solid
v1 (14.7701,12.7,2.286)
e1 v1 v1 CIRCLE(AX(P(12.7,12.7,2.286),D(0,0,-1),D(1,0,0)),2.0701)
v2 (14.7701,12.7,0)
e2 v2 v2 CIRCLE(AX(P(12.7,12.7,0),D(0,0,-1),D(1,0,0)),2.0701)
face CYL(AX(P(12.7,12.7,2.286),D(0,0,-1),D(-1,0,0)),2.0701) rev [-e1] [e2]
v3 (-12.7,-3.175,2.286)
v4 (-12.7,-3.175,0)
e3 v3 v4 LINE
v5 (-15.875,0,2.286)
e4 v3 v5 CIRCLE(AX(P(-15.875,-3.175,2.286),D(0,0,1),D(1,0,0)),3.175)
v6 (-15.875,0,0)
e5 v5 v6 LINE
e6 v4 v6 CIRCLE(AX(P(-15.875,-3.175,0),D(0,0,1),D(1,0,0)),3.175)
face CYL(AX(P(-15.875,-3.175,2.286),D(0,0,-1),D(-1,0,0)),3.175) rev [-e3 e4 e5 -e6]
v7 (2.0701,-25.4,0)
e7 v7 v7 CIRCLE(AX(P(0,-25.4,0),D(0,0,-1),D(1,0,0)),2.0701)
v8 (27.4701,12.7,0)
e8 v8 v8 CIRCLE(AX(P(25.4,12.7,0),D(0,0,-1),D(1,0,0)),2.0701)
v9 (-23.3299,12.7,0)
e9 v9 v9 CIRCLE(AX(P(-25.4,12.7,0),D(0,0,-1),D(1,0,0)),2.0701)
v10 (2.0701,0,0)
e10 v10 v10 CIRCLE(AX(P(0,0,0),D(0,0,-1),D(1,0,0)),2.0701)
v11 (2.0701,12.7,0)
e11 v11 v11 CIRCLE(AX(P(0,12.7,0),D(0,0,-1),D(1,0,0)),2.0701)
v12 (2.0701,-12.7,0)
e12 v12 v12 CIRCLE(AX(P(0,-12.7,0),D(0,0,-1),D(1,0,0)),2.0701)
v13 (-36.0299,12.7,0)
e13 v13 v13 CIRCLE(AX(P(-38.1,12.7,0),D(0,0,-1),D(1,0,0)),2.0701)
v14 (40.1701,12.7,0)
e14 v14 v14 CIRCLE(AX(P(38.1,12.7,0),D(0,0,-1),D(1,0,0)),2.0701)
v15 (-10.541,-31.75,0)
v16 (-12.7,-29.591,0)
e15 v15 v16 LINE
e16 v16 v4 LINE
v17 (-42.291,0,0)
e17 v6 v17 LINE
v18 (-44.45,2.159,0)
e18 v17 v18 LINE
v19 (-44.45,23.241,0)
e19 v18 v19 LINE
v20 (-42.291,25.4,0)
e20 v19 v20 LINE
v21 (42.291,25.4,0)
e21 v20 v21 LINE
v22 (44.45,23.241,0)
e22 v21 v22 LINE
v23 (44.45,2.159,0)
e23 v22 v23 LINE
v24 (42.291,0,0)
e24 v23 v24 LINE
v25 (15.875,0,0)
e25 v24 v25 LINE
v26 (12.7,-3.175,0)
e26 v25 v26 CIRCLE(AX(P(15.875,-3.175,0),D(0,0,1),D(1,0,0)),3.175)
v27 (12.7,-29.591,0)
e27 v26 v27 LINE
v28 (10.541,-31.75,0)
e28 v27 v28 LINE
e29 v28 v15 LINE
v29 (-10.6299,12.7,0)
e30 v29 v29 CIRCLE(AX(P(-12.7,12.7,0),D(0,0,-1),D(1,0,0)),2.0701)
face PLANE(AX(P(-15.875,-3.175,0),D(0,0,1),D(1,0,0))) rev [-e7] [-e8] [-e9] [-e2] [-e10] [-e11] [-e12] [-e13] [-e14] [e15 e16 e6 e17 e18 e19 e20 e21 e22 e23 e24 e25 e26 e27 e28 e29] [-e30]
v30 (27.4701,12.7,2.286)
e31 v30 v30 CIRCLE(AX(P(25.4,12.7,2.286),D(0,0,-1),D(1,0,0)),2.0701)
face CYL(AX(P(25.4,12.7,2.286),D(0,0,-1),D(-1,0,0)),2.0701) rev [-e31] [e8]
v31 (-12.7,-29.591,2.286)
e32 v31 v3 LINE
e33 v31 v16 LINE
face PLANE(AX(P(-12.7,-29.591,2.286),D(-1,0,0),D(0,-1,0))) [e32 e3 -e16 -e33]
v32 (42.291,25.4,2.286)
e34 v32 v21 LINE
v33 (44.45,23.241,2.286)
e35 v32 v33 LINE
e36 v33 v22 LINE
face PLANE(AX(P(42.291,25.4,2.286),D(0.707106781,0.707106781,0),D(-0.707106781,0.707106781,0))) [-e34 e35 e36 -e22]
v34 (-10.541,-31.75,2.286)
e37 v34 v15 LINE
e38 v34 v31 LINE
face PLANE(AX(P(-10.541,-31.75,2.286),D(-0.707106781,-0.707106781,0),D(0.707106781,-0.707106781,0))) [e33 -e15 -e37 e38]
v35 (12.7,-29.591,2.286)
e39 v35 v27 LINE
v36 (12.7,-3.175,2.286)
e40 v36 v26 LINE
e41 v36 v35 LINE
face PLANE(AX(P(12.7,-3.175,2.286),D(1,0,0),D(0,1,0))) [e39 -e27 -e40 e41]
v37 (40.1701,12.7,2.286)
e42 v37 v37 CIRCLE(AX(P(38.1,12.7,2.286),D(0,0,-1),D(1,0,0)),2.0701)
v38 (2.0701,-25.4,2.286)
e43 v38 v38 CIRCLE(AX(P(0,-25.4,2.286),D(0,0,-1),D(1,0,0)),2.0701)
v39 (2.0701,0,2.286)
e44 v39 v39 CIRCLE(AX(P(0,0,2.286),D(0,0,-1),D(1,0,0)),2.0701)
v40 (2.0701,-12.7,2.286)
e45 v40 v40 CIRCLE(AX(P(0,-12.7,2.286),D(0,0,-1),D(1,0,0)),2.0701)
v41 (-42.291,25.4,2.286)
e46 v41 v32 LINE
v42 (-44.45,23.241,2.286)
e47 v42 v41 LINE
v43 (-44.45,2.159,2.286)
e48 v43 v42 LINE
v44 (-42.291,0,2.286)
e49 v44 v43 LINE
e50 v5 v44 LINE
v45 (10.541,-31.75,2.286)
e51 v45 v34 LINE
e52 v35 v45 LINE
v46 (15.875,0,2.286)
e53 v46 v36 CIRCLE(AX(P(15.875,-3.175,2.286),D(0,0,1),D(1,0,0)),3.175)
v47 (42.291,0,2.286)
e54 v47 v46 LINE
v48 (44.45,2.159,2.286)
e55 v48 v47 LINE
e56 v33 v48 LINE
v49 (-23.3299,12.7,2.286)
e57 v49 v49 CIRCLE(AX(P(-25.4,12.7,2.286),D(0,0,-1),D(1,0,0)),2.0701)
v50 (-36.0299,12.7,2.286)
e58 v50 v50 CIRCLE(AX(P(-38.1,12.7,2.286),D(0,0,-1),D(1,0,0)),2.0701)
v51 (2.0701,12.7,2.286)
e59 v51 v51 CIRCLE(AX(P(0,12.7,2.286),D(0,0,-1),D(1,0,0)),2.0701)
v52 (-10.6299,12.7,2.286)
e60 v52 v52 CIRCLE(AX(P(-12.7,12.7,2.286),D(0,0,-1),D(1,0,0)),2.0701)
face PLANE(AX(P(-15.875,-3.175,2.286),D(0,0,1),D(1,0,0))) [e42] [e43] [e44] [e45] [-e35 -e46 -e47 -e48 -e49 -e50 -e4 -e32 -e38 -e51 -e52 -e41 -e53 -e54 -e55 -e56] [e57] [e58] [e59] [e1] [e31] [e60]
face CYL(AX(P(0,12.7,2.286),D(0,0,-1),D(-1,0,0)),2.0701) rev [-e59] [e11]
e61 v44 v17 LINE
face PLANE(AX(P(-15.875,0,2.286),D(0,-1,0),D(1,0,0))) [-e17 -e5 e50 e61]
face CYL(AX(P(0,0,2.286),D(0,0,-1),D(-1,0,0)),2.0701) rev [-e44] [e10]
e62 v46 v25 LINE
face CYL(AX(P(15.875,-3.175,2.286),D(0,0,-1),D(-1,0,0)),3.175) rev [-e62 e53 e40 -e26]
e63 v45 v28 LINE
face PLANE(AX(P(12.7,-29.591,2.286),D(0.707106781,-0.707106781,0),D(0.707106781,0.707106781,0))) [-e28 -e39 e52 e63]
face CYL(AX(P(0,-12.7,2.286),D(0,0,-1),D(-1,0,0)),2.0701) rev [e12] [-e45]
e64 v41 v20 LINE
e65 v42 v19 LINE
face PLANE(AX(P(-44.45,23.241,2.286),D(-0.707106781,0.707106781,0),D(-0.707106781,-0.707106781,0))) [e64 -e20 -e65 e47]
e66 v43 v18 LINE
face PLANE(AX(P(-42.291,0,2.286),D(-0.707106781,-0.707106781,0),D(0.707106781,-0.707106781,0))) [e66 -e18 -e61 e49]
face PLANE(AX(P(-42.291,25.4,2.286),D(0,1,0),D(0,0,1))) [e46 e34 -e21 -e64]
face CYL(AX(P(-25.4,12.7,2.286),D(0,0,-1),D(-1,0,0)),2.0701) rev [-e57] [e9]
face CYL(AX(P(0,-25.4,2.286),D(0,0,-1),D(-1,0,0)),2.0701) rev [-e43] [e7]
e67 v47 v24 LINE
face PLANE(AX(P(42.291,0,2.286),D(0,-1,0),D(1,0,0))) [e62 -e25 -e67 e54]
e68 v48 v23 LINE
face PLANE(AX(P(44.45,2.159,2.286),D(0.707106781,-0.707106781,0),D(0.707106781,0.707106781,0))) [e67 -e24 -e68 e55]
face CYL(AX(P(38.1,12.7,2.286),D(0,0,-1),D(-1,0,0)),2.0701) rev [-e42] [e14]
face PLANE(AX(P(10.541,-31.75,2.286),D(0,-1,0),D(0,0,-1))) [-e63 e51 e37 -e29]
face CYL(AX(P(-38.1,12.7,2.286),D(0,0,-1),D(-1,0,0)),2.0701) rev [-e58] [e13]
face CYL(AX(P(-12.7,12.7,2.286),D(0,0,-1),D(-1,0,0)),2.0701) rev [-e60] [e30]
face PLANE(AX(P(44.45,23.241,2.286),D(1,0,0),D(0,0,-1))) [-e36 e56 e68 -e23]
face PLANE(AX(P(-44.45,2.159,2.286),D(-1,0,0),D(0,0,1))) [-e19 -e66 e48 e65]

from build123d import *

# Parameters (mm, degrees)
SKETCH1_R           = 2.0701
BOSS_EXTRUDE1_DEPTH = 2.286


with BuildPart() as part:
    # Sketch1 → Boss-Extrude1 (new body)
    with BuildSketch(Plane(origin=(0, 0, 0), x_dir=(-1, 0, 0), z_dir=(0, 0, -1))):
        with BuildLine():
            Line((-12.7, -29.591), (-10.541, -31.75))
            Line((-10.541, -31.75), (10.541, -31.75))
            Line((10.541, -31.75), (12.7, -29.591))
            Line((12.7, -29.591), (12.7, -3.175))
            ThreePointArc((12.7, -3.175), (13.62993597, -0.92993597), (15.875, 0))
            Line((15.875, 0), (42.291, 0))
            Line((42.291, 0), (44.45, 2.159))
            Line((44.45, 2.159), (44.45, 23.241))
            Line((44.45, 23.241), (42.291, 25.4))
            Line((42.291, 25.4), (-42.291, 25.4))
            Line((-42.291, 25.4), (-44.45, 23.241))
            Line((-44.45, 23.241), (-44.45, 2.159))
            Line((-44.45, 2.159), (-42.291, 0))
            Line((-42.291, 0), (-15.875, 0))
            ThreePointArc((-15.875, 0), (-13.62993597, -0.92993597), (-12.7, -3.175))
            Line((-12.7, -3.175), (-12.7, -29.591))
        make_face()
        with Locations((0, -12.7)):
            Circle(SKETCH1_R, mode=Mode.SUBTRACT)
        with Locations((-38.1, 12.7)):
            Circle(SKETCH1_R, mode=Mode.SUBTRACT)
        with Locations((-12.7, 12.7)):
            Circle(SKETCH1_R, mode=Mode.SUBTRACT)
        with Locations((12.7, 12.7)):
            Circle(SKETCH1_R, mode=Mode.SUBTRACT)
        with Locations((25.4, 12.7)):
            Circle(SKETCH1_R, mode=Mode.SUBTRACT)
        with Locations((38.1, 12.7)):
            Circle(SKETCH1_R, mode=Mode.SUBTRACT)
        with Locations((0, -25.4)):
            Circle(SKETCH1_R, mode=Mode.SUBTRACT)
        with Locations((0, 12.7)):
            Circle(SKETCH1_R, mode=Mode.SUBTRACT)
        with Locations((-25.4, 12.7)):
            Circle(SKETCH1_R, mode=Mode.SUBTRACT)
        Circle(SKETCH1_R, mode=Mode.SUBTRACT)
    extrude(amount=-BOSS_EXTRUDE1_DEPTH)


solid = part.part
